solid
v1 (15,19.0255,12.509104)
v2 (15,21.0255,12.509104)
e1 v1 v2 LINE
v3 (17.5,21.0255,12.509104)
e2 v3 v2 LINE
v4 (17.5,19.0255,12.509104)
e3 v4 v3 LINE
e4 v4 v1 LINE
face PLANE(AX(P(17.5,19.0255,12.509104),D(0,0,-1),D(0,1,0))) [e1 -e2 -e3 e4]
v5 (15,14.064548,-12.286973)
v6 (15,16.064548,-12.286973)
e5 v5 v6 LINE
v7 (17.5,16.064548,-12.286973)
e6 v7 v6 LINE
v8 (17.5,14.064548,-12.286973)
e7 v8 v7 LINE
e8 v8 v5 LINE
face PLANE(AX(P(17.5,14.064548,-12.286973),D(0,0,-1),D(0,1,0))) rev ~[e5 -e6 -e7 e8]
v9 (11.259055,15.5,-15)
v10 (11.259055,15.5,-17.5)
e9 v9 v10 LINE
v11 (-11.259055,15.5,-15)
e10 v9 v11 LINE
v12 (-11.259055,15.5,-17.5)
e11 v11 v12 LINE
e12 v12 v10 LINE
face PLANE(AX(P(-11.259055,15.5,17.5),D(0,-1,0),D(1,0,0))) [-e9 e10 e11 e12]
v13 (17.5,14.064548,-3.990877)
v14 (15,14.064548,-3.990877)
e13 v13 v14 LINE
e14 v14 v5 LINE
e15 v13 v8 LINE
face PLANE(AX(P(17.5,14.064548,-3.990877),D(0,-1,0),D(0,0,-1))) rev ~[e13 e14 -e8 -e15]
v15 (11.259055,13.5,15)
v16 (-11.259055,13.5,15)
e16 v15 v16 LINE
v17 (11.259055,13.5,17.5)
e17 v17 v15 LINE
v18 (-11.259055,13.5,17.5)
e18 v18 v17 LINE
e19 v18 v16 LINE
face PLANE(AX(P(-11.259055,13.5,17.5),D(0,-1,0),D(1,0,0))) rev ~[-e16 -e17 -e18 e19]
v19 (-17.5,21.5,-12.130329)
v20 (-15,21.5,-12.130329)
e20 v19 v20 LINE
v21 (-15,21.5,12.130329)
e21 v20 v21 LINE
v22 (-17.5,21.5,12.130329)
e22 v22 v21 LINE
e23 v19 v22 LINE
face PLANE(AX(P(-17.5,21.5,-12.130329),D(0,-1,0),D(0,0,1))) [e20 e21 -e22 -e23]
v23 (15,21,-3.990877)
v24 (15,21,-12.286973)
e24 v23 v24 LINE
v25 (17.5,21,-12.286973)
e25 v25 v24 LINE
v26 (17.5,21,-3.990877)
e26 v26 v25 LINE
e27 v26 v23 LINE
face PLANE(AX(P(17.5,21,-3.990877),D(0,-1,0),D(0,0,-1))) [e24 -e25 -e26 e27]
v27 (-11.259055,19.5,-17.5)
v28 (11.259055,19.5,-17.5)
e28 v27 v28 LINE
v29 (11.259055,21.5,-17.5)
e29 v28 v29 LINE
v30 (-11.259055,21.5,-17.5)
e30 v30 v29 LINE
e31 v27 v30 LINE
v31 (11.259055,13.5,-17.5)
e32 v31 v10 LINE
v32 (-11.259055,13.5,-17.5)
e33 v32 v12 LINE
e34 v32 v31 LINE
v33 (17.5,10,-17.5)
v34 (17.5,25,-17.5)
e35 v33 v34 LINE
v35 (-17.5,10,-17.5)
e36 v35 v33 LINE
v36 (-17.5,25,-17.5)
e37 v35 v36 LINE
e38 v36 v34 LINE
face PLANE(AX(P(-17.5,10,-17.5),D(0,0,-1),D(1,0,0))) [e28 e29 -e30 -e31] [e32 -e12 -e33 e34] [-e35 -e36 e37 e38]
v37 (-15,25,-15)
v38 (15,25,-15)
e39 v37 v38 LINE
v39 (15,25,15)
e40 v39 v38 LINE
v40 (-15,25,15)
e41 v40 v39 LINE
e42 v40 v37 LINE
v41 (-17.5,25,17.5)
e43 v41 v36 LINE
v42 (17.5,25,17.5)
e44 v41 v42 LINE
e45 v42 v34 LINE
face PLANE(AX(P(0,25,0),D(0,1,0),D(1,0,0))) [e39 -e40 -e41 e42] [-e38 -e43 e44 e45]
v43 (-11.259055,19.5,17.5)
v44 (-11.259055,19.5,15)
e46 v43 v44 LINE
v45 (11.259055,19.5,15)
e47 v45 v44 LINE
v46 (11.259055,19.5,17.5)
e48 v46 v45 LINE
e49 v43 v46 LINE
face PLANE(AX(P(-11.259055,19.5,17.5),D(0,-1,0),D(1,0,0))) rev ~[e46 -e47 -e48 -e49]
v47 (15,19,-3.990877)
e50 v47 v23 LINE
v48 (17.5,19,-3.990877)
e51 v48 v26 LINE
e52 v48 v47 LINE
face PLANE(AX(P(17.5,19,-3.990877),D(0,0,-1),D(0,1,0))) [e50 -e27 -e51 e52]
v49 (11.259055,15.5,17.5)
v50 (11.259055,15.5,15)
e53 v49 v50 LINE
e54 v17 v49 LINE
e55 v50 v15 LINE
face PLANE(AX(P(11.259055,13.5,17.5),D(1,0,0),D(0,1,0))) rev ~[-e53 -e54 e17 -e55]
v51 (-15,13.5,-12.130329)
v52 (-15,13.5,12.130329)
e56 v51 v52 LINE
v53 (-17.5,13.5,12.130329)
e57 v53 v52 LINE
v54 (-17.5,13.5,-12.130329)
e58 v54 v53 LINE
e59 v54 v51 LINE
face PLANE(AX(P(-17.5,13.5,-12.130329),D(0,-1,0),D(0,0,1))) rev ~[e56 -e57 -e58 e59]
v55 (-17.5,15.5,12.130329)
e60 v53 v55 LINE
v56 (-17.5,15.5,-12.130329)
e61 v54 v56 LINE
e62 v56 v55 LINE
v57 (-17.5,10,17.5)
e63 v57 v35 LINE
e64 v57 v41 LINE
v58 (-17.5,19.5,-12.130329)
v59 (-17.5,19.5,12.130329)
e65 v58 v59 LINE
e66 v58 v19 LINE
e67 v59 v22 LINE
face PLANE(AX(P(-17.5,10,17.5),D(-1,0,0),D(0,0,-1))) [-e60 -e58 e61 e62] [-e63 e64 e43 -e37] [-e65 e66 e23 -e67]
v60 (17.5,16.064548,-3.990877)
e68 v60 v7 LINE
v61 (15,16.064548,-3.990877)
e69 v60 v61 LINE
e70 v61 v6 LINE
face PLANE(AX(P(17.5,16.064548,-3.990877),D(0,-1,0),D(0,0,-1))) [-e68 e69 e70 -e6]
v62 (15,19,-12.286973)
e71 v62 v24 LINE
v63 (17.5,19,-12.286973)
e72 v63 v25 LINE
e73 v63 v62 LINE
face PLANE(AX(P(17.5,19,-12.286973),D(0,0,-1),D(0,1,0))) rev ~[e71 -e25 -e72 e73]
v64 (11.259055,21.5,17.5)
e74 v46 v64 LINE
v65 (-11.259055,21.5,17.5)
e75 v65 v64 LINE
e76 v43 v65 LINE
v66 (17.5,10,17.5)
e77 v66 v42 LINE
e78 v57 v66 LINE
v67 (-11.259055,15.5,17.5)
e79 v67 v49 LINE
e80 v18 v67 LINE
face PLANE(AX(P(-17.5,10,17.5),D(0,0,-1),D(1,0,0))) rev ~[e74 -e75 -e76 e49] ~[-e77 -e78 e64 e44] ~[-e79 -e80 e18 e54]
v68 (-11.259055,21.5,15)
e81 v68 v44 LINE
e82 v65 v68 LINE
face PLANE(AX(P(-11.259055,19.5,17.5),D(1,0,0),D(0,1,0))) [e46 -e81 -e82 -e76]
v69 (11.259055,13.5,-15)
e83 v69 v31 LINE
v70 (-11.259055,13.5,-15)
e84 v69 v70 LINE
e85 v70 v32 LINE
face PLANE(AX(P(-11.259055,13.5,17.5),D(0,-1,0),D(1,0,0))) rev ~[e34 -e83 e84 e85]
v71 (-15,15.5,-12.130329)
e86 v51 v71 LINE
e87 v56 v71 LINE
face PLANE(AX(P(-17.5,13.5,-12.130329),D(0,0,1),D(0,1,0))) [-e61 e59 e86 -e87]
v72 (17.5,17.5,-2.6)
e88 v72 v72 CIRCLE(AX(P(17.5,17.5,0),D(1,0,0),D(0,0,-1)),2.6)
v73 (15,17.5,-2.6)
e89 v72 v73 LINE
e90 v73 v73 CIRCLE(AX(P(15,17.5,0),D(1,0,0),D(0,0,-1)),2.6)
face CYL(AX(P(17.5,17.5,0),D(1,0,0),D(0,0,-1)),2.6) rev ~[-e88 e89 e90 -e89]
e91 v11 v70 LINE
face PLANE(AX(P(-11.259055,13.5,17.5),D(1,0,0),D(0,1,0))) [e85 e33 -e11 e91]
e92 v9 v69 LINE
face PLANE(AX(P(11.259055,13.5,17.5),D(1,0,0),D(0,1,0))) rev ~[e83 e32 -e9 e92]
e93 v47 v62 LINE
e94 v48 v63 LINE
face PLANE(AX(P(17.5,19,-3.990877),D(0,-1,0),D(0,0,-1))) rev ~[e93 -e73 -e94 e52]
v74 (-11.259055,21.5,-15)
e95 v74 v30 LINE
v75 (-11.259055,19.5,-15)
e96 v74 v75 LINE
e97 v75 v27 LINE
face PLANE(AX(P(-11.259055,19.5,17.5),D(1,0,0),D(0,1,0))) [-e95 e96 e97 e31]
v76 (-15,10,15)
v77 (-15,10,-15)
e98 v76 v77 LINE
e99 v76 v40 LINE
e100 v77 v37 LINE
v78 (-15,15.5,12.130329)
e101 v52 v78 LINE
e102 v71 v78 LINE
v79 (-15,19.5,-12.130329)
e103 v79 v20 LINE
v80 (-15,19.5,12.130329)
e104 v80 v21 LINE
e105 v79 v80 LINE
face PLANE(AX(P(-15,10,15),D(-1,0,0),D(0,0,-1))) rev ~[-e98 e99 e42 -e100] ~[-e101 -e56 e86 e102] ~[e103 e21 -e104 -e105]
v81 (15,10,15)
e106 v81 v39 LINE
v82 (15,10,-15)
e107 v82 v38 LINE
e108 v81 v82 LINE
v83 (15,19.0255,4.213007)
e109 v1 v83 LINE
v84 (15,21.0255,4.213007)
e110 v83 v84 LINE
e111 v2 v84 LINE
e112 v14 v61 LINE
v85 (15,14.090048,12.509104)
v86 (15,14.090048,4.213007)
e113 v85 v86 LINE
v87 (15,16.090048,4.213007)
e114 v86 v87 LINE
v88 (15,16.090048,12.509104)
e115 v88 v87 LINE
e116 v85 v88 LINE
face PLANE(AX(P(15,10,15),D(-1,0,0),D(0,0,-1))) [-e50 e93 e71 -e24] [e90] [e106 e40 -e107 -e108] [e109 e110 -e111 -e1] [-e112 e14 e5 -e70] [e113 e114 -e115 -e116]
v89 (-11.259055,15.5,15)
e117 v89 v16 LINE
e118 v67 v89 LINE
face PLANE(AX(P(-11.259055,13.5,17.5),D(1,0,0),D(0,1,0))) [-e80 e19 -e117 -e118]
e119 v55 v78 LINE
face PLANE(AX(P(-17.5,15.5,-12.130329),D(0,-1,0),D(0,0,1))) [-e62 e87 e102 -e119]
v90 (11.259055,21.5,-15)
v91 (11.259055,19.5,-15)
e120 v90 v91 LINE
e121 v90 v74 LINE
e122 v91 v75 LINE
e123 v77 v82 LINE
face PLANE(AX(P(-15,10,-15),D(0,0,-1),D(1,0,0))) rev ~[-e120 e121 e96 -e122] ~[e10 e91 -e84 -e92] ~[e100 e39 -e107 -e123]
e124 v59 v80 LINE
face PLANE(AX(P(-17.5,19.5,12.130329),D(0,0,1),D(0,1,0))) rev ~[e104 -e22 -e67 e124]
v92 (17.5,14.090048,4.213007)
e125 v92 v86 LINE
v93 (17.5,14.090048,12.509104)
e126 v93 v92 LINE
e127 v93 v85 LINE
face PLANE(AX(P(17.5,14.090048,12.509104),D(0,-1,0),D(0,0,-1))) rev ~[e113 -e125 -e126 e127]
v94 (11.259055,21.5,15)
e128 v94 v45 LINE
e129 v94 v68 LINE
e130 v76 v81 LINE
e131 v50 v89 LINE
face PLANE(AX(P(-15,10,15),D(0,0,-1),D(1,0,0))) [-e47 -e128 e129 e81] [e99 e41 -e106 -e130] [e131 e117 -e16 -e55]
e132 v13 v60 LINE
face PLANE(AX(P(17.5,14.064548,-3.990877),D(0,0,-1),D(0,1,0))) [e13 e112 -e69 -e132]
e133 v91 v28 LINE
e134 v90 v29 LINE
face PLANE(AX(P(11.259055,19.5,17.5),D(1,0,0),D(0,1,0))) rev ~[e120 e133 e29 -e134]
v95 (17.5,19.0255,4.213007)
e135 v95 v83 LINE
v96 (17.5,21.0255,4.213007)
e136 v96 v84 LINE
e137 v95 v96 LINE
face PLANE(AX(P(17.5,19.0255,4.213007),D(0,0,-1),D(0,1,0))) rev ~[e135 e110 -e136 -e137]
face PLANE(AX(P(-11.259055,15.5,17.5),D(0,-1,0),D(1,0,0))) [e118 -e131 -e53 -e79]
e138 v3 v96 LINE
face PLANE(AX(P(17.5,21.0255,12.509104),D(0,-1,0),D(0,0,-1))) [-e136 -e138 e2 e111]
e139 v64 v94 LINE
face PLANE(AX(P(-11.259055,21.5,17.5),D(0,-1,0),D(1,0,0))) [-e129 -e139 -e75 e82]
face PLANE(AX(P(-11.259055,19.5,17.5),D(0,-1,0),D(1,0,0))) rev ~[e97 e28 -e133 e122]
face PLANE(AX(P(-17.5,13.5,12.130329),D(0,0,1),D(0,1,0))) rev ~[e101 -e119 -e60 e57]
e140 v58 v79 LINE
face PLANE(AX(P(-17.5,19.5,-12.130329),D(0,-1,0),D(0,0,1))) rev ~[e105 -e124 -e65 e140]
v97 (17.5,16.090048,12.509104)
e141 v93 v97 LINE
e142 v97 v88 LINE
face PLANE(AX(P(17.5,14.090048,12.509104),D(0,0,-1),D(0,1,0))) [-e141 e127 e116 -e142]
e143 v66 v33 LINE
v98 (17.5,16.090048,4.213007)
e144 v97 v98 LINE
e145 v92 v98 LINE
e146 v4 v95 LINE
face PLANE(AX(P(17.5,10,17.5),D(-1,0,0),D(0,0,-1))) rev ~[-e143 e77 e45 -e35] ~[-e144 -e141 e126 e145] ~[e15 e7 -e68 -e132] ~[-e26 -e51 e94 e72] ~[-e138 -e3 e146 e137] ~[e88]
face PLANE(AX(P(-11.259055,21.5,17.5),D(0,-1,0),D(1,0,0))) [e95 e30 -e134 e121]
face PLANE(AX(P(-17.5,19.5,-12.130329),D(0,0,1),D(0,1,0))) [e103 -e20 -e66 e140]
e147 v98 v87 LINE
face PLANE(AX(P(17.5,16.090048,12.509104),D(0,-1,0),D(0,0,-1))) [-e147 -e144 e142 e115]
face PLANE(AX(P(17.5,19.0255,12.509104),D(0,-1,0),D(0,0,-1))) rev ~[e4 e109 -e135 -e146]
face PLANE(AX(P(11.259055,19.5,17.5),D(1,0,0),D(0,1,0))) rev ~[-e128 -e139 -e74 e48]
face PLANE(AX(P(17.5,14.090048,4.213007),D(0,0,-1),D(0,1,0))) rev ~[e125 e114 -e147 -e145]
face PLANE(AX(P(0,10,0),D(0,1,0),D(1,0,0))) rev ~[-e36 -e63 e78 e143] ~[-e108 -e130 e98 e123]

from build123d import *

# Parameters (mm, degrees)
SKETCH2_W           = 35
SKETCH2_H           = 35
BOSS_EXTRUDE1_DEPTH = 10
SKETCH3_W           = 35
SKETCH3_H           = 35
SKETCH3_W_2         = 30
SKETCH3_H_2         = 30
BOSS_EXTRUDE2_DEPTH = 15
SKETCH4_W           = 35
SKETCH4_H           = 35
BOSS_EXTRUDE3_DEPTH = 15
CUT_EXTRUDE1_START  = -40
SKETCH5_R           = 3.05
CUT_EXTRUDE1_DEPTH  = 40
SKETCH6_R           = 2.6
SKETCH6_W           = 8.296096318
SKETCH6_H           = 2.00000001
SKETCH6_H_2         = 2.000000011
CUT_EXTRUDE2_DEPTH  = 2.5
CUT_EXTRUDE3_REACH  = 48.435
SKETCH7_W           = 22.518110106
SKETCH7_H           = 2
SKETCH8_W           = 24.260657828
SKETCH8_H           = 2
CUT_EXTRUDE4_DEPTH  = 2.5


with BuildPart() as part:
    # Sketch2 → Boss-Extrude1 (new body)
    with BuildSketch(Plane(origin=(0, 0, 0), x_dir=(1, 0, 0), z_dir=(0, 1, 0))):
        Rectangle(SKETCH2_W, SKETCH2_H)
    extrude(amount=BOSS_EXTRUDE1_DEPTH)


with BuildPart() as body_2:
    # Sketch3 → Boss-Extrude2 (new body)
    with BuildSketch(Plane(origin=(0, 10, 0), x_dir=(1, 0, 0), z_dir=(0, 1, 0))):
        Rectangle(SKETCH3_W, SKETCH3_H)
        Rectangle(SKETCH3_W_2, SKETCH3_H_2, mode=Mode.SUBTRACT)
    extrude(amount=BOSS_EXTRUDE2_DEPTH)

    # Sketch6 → Cut-Extrude2 (cut)
    with BuildSketch(Plane(origin=(17.5, 0, 0), x_dir=(0, 0, -1), z_dir=(1, 0, 0))):
        with Locations((0, 17.5)):
            Circle(SKETCH6_R)
        with Locations((8.1389247, 15.064547851)):
            Rectangle(SKETCH6_W, SKETCH6_H)
        with Locations((8.1389247, 20.000000005)):
            Rectangle(SKETCH6_W, SKETCH6_H)
        with Locations((-8.361055595, 15.090047995)):
            Rectangle(SKETCH6_W, SKETCH6_H)
        with Locations((-8.361055595, 20.025500149)):
            Rectangle(SKETCH6_W, SKETCH6_H_2)
    extrude(amount=-CUT_EXTRUDE2_DEPTH, mode=Mode.SUBTRACT)

    # Cut-Extrude3: up to this face of the body (flat: up to its plane)
    cut_extrude3_end = Plane(body_2.part.faces().sort_by_distance((0, 17.5, -17.5))[0])
    # Sketch7 → Cut-Extrude3 (cut, up to the picked face)
    with BuildSketch(Plane.XY.offset(17.5), mode=Mode.PRIVATE) as cut_extrude3_sk1:
        with Locations((0, 20.5)):
            Rectangle(SKETCH7_W, SKETCH7_H)
    cut_extrude3_tool1 = split(extrude(cut_extrude3_sk1.sketch, amount=-CUT_EXTRUDE3_REACH, mode=Mode.PRIVATE), bisect_by=cut_extrude3_end, keep=Keep.BOTH, mode=Mode.PRIVATE)
    # Sketch7 → Cut-Extrude3 (cut, up to the picked face)
    with BuildSketch(Plane.XY.offset(17.5), mode=Mode.PRIVATE) as cut_extrude3_sk2:
        with Locations((0, 14.5)):
            Rectangle(SKETCH7_W, SKETCH7_H)
    cut_extrude3_tool2 = split(extrude(cut_extrude3_sk2.sketch, amount=-CUT_EXTRUDE3_REACH, mode=Mode.PRIVATE), bisect_by=cut_extrude3_end, keep=Keep.BOTH, mode=Mode.PRIVATE)
    add(cut_extrude3_tool1.solids().sort_by(Axis((0, 20.5, 17.5), (0, 0, -1)))[0], mode=Mode.SUBTRACT)
    add(cut_extrude3_tool2.solids().sort_by(Axis((0, 14.5, 17.5), (0, 0, -1)))[0], mode=Mode.SUBTRACT)

    # Sketch8 → Cut-Extrude4 (cut)
    with BuildSketch(Plane.ZY.offset(17.5)):
        with Locations((0, 20.5)):
            Rectangle(SKETCH8_W, SKETCH8_H)
        with Locations((0, 14.5)):
            Rectangle(SKETCH8_W, SKETCH8_H)
    extrude(amount=-CUT_EXTRUDE4_DEPTH, mode=Mode.SUBTRACT)


with BuildPart() as body_3:
    # Sketch4 → Boss-Extrude3 (new body)
    with BuildSketch(Plane(origin=(0, 25, 0), x_dir=(1, 0, 0), z_dir=(0, 1, 0))):
        Rectangle(SKETCH4_W, SKETCH4_H)
    extrude(amount=BOSS_EXTRUDE3_DEPTH)


with BuildPart() as cut_extrude1_tool:
    # Sketch5 → Cut-Extrude1 (new body)
    with BuildSketch(Plane(origin=(0, 40, 0), x_dir=(1, 0, 0), z_dir=(0, 1, 0)).offset(CUT_EXTRUDE1_START)):
        with Locations(Location((0, 0, 0), (0, 0, 270))):
            Circle(SKETCH5_R)
    extrude(amount=CUT_EXTRUDE1_DEPTH)


with BuildPart() as part_1:
    add(part.part)

    # Cut-Extrude1: cut by cut_extrude1_tool
    add(cut_extrude1_tool.part, mode=Mode.SUBTRACT)


with BuildPart() as body_3_1:
    add(body_3.part)

    # Cut-Extrude1: cut by cut_extrude1_tool
    add(cut_extrude1_tool.part, mode=Mode.SUBTRACT)


solid = body_2.part
